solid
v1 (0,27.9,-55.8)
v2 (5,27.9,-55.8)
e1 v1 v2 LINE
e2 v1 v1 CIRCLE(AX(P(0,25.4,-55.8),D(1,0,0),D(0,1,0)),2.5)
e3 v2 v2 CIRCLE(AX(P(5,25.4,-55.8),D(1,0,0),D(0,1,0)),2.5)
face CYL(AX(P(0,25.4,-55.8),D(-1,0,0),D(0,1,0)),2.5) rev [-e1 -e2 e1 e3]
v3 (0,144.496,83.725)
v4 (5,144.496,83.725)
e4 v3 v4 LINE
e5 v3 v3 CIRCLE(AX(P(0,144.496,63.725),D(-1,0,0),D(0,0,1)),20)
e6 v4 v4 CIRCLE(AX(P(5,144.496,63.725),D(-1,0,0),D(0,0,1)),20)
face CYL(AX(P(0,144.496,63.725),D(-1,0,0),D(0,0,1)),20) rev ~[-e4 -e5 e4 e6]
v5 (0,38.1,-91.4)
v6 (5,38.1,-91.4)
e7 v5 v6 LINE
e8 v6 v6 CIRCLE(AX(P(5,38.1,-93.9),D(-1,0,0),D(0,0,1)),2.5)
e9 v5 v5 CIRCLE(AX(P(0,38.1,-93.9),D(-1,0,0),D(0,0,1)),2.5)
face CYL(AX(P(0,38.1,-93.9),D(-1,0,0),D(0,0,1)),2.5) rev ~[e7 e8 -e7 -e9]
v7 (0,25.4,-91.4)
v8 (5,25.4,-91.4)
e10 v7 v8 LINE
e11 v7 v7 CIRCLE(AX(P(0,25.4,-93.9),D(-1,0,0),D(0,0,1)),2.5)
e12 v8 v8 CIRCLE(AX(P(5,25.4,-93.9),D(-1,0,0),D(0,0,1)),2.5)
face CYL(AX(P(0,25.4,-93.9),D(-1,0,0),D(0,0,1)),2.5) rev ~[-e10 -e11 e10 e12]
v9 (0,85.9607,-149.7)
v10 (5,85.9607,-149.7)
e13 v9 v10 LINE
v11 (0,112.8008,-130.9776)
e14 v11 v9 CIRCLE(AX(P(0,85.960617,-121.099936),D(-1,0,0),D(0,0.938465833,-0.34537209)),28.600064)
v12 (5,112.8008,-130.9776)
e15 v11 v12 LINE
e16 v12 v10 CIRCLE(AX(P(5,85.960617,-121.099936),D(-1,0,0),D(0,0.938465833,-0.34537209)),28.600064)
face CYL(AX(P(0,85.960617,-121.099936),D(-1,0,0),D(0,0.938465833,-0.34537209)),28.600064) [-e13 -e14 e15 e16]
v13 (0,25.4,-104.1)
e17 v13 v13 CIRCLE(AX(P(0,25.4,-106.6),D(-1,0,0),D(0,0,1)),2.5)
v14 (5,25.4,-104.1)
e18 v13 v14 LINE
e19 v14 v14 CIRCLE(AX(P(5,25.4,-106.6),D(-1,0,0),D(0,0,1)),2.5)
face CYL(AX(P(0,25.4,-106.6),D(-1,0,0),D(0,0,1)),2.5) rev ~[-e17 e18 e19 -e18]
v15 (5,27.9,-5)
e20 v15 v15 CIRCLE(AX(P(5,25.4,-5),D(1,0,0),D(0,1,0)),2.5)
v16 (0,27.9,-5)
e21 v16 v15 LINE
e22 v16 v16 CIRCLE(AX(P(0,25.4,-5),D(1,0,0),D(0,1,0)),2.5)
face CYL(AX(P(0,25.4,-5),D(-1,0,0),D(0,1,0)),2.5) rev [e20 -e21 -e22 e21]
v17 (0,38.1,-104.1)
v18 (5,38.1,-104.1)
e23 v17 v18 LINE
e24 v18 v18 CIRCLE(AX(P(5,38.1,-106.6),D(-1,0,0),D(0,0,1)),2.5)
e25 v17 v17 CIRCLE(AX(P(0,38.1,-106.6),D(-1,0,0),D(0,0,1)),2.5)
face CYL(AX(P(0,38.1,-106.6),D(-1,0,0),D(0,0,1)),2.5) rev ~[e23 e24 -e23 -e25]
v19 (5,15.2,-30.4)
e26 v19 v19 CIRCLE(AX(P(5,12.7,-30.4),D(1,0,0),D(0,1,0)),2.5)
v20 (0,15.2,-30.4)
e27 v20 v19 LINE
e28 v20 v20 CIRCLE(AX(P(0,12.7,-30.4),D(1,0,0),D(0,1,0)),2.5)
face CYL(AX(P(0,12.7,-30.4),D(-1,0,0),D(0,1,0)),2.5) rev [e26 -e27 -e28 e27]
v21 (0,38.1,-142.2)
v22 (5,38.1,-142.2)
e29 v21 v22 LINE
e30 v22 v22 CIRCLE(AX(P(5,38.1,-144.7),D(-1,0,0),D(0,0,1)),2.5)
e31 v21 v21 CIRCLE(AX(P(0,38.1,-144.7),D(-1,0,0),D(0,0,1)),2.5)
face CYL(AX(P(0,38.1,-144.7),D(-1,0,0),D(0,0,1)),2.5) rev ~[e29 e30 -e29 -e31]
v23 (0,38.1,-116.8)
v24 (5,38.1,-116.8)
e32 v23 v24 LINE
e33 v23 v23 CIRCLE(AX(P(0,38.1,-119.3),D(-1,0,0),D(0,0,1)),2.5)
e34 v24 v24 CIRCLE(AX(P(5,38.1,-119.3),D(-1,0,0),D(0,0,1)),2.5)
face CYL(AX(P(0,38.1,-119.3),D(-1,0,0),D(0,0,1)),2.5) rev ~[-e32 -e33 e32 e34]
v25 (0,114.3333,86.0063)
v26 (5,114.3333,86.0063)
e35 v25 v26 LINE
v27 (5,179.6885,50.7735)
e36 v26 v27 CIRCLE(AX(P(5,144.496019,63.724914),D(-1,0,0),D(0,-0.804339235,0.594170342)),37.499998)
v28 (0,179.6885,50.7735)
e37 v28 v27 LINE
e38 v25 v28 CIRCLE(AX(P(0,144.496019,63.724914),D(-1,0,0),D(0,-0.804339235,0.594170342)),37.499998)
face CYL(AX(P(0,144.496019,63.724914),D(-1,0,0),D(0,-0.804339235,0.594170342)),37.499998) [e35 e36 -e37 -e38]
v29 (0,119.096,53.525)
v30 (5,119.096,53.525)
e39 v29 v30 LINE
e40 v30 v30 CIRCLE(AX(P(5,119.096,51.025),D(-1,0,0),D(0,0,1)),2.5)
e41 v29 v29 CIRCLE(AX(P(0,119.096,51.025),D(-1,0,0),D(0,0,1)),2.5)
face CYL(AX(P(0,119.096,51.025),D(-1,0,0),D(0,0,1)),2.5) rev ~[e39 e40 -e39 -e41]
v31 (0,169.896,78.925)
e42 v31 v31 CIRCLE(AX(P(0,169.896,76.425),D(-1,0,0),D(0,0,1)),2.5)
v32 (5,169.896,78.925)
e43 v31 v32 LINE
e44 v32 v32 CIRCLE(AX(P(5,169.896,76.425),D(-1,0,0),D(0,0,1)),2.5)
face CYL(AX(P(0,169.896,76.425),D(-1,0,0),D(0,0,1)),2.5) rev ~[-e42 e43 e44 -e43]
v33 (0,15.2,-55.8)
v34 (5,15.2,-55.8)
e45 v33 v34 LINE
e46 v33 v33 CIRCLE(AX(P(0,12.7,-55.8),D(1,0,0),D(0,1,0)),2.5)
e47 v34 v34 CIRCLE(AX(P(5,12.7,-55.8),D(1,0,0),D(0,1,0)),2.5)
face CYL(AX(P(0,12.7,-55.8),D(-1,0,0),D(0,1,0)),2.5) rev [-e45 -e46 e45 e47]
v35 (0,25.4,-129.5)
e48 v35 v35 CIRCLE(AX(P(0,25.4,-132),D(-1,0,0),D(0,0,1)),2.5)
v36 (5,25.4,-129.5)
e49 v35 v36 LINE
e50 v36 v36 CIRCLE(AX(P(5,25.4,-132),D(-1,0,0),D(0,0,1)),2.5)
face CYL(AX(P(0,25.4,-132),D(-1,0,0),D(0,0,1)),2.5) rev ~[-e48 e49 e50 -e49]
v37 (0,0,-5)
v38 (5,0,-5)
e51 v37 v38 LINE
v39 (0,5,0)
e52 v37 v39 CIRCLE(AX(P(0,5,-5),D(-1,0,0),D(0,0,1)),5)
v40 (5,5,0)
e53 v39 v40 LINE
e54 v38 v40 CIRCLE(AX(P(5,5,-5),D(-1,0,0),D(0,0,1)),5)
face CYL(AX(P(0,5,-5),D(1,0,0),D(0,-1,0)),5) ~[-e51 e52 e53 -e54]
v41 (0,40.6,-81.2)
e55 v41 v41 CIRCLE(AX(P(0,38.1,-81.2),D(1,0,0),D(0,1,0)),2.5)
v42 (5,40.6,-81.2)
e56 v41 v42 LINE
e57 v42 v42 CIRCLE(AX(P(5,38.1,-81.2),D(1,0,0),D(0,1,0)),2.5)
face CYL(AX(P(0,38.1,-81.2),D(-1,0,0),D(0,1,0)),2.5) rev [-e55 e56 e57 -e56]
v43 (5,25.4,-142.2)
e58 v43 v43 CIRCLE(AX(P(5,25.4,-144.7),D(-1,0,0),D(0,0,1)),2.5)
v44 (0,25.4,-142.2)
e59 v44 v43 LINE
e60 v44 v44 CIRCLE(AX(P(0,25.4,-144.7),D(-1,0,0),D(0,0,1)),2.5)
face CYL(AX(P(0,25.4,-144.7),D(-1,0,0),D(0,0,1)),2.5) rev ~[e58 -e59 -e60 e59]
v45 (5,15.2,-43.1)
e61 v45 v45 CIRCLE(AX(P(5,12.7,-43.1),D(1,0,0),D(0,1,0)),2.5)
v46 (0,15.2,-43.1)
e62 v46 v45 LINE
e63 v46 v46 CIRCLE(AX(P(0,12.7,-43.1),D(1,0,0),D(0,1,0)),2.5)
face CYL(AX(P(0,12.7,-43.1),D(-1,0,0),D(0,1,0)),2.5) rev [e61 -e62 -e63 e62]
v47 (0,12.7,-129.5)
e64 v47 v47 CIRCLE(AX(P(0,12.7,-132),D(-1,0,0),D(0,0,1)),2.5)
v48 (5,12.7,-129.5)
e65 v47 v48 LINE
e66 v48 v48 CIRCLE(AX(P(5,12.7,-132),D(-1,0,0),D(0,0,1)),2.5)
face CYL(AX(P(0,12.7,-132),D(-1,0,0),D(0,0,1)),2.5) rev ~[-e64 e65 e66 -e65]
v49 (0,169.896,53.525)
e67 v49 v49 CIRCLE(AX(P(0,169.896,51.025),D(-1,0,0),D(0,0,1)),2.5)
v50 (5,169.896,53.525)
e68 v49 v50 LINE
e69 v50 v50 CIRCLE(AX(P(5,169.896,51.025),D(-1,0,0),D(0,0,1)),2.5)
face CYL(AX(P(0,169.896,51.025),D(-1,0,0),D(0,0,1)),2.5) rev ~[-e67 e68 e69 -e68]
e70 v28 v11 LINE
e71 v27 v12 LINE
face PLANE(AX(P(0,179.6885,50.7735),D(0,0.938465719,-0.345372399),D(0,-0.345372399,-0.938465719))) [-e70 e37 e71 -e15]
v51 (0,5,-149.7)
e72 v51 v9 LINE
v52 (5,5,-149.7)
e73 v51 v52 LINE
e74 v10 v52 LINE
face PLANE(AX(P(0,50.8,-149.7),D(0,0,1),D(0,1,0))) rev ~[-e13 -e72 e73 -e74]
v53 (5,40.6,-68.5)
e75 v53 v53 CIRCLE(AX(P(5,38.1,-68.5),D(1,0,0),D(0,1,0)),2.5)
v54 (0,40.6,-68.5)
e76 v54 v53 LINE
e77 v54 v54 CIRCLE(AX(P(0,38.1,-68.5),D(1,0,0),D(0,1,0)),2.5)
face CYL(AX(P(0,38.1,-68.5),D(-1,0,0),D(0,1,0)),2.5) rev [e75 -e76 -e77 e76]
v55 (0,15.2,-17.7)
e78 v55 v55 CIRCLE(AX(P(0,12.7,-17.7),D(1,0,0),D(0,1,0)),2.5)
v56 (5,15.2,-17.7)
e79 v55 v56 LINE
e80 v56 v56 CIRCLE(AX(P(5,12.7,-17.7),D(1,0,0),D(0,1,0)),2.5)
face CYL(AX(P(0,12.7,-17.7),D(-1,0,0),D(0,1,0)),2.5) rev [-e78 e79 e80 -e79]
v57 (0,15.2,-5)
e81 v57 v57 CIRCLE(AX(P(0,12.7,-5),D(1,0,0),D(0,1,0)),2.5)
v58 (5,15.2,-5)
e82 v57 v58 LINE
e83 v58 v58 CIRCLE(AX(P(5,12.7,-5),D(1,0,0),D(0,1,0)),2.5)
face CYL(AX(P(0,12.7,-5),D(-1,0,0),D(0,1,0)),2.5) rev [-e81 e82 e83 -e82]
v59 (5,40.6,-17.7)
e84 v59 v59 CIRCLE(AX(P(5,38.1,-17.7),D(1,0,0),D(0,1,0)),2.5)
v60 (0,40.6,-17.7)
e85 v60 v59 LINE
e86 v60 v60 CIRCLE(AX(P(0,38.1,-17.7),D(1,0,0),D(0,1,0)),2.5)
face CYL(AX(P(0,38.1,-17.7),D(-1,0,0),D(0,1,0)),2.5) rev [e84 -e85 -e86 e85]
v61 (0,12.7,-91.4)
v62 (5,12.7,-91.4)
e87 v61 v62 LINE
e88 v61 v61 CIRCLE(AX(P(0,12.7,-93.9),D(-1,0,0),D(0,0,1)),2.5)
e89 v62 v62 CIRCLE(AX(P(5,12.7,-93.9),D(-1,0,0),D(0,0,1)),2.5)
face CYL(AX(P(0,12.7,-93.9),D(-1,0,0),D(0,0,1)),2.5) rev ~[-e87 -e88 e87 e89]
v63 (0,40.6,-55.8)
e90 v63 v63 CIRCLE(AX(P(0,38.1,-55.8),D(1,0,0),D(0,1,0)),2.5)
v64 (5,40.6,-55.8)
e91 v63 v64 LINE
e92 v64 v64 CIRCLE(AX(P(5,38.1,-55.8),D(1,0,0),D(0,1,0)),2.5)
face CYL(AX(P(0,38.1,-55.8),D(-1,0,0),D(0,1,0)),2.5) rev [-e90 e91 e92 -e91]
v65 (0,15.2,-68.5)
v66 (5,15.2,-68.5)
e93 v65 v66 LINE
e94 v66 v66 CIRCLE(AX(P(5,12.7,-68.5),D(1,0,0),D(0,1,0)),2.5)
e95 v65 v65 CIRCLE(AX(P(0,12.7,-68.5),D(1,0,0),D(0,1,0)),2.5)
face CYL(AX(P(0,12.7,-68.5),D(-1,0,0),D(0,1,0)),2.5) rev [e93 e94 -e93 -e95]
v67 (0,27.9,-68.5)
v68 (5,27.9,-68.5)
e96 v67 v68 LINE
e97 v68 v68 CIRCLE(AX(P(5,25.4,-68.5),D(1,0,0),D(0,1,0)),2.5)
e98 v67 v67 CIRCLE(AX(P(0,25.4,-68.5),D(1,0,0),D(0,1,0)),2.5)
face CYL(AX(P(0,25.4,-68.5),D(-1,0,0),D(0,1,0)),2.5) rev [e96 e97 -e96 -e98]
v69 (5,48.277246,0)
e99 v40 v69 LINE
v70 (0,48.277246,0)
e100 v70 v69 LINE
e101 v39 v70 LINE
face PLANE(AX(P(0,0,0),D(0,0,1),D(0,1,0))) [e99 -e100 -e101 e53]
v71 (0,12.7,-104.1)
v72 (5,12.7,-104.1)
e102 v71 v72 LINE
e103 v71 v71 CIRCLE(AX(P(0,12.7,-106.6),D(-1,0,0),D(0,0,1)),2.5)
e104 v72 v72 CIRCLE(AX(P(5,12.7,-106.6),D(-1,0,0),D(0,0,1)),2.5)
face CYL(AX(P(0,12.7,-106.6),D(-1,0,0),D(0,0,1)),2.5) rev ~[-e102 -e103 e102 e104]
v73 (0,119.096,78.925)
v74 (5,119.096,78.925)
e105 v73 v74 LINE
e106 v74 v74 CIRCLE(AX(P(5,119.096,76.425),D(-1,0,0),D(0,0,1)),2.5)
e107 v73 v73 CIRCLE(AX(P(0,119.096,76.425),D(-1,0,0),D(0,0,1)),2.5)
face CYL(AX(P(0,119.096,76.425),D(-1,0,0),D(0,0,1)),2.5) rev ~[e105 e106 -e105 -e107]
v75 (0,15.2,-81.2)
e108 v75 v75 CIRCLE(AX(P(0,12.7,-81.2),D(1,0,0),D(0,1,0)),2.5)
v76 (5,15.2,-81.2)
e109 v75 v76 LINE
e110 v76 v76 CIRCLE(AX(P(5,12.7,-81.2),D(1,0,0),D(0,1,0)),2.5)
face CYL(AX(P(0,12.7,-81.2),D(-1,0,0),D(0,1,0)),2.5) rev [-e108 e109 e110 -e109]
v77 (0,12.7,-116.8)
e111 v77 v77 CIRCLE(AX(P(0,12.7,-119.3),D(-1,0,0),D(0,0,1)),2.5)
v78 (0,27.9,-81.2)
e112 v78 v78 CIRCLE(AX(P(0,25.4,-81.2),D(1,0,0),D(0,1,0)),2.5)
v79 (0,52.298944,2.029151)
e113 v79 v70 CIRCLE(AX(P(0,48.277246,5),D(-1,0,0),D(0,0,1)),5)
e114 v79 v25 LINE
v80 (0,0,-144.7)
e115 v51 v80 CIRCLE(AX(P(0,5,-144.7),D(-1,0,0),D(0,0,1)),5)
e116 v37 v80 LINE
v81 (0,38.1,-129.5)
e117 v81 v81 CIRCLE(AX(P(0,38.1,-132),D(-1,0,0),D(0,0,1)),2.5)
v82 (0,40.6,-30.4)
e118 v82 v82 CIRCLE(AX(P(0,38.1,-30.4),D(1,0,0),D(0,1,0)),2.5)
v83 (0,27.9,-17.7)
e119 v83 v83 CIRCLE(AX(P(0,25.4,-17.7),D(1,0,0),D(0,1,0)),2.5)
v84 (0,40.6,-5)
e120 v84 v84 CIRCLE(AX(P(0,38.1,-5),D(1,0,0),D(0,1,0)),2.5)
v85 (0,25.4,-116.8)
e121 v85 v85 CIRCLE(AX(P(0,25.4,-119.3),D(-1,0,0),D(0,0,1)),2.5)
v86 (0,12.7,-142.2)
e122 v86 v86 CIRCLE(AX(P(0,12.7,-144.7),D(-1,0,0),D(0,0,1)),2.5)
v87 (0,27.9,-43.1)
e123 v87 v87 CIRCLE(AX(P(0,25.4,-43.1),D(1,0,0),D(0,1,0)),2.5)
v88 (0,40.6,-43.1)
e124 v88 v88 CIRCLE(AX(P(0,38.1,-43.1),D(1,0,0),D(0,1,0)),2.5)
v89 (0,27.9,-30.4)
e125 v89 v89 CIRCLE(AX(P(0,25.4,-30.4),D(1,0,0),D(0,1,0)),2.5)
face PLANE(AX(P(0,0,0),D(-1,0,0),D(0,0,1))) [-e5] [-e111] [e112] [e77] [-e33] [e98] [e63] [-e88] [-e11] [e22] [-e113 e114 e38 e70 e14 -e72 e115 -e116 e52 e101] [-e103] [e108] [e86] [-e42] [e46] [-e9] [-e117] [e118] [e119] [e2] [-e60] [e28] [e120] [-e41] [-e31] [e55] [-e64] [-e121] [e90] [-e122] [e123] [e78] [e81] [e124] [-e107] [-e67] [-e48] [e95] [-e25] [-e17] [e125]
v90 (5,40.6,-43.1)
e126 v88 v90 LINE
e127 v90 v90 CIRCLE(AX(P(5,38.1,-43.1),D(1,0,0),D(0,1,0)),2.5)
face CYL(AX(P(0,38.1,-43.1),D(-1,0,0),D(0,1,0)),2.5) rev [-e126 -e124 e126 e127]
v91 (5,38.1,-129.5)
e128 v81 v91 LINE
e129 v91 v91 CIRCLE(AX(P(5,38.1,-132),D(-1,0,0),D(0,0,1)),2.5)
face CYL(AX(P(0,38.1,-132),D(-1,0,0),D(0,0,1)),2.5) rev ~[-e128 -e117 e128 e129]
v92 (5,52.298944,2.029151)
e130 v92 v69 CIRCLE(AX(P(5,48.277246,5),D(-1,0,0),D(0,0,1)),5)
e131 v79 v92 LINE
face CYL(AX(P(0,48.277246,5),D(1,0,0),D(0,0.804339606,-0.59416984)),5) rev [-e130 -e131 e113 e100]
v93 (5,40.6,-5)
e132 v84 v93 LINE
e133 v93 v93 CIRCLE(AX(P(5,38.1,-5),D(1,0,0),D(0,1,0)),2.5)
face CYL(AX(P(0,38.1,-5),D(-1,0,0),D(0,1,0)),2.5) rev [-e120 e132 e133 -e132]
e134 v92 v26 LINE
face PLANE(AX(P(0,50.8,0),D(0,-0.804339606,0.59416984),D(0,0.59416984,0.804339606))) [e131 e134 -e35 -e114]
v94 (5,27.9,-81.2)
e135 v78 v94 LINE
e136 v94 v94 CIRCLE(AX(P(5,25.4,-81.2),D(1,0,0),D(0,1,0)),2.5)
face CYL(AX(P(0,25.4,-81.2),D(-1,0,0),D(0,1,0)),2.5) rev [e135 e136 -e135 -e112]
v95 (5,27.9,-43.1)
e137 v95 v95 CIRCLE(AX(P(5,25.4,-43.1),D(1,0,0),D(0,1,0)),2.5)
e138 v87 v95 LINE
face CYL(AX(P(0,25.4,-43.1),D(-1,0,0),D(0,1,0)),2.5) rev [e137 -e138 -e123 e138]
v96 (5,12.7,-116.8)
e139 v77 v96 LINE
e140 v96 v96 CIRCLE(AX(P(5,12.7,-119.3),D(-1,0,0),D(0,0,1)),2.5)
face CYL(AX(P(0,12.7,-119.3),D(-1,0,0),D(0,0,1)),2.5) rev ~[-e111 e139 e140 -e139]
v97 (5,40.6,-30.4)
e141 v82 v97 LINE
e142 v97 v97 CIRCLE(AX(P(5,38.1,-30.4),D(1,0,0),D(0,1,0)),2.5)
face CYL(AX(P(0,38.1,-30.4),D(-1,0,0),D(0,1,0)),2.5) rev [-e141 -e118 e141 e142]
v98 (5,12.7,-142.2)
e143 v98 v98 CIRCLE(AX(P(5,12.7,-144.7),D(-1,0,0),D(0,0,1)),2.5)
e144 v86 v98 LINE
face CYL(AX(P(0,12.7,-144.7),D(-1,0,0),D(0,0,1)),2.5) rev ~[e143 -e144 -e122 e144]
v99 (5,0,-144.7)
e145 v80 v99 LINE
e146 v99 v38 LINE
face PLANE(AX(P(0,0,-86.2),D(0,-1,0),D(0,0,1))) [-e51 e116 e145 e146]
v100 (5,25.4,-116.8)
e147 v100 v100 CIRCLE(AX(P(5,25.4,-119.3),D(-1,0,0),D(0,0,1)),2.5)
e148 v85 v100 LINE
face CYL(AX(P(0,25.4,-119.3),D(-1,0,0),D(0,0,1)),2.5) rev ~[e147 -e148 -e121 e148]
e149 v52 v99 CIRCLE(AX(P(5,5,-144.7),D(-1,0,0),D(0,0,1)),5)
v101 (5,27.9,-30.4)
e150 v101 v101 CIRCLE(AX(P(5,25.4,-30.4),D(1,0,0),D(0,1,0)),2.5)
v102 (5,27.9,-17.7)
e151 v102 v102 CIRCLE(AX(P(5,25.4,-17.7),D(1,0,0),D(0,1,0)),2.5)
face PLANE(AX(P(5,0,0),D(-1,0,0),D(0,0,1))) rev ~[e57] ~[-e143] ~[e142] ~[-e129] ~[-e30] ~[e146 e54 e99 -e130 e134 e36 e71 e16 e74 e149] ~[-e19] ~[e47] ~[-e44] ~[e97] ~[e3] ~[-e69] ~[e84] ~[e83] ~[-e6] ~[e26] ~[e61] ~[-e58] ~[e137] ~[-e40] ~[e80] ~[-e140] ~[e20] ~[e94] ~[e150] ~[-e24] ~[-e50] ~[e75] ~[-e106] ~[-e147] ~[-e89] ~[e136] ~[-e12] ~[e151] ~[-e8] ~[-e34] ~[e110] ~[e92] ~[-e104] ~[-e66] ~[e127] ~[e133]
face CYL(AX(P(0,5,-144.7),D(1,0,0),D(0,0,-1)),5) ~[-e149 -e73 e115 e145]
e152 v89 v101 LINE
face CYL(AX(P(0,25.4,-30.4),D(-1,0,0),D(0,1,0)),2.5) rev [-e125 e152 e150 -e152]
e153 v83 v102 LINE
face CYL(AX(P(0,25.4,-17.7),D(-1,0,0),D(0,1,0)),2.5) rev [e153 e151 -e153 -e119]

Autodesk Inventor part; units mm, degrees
ref_plane "YZ Plane" through (0, 0, 0) normal (1, 0, 0) x (0, 1, 0)
ref_plane "XZ Plane" through (0, 0, 0) normal (0, 1, 0) x (-1, 0, 0)
ref_plane "XY Plane" through (0, 0, 0) normal (0, 0, 1) x (1, 0, 0)
sketch "Esboço1" plane through (0, 0, 0) normal (1, 0, 0) x (0, 1, 0)
  line L0 (0, 0) -> (50.8, 0)
  line L1 (50.8, 0) -> (50.8, -86.2)
  line L2 (50.8, -86.2) -> (0, -86.2)
  line L3 (0, -86.2) -> (0, 0)
  circle A0 centre (38.1, -5) radius 2.5
  circle A1 centre (25.4, -5) radius 2.5
  circle A2 centre (12.7, -5) radius 2.5
  circle A3 centre (38.1, -17.7) radius 2.5
  circle A4 centre (25.4, -17.7) radius 2.5
  circle A5 centre (12.7, -17.7) radius 2.5
  circle A6 centre (38.1, -30.4) radius 2.5
  circle A7 centre (25.4, -30.4) radius 2.5
  circle A8 centre (12.7, -30.4) radius 2.5
  circle A9 centre (38.1, -43.1) radius 2.5
  circle A10 centre (25.4, -43.1) radius 2.5
  circle A11 centre (12.7, -43.1) radius 2.5
  circle A12 centre (38.1, -55.8) radius 2.5
  circle A13 centre (25.4, -55.8) radius 2.5
  circle A14 centre (12.7, -55.8) radius 2.5
  circle A15 centre (38.1, -68.5) radius 2.5
  circle A16 centre (25.4, -68.5) radius 2.5
  circle A17 centre (12.7, -68.5) radius 2.5
  circle A18 centre (38.1, -81.2) radius 2.5
  circle A19 centre (25.4, -81.2) radius 2.5
  circle A20 centre (12.7, -81.2) radius 2.5
  dimension "d0" = 50.8
  dimension "d1" = 86.2
  dimension "d2" = 5
  dimension "d3" = 5
  dimension "d4" = 5
  dimension "d5" = 5
  dimension "d6" = 5
  dimension "d7" = 5
  dimension "d8" = 12.7
  dimension "d9" = 12.7
  dimension "d10" = 12.7
  dimension "d13" = 12.7
extrude "Extrusão1" add sketch "Esboço1" along normal blind 5
sketch "Esboço2" plane through (0, 0, 0) normal (-1, 0, 0) x (0, 0, 1)
  line L0 (-86.2, 0) -> (-149.7, 0)
  line L1 (-149.7, 0) -> (-149.7, 50.8)
  line L2 (-149.7, 50.8) -> (-86.2, 50.8)
  line L3 (-86.2, 50.8) -> (-86.2, 0)
  circle A0 centre (-144.7, 38.1) radius 2.5 projected
  circle A1 centre (-144.7, 25.4) radius 2.5 projected
  circle A2 centre (-144.7, 12.7) radius 2.5 projected
  circle A3 centre (-132, 12.7) radius 2.5 projected
  circle A4 centre (-132, 25.4) radius 2.5 projected
  circle A5 centre (-132, 38.1) radius 2.5 projected
  circle A6 centre (-119.3, 38.1) radius 2.5 projected
  circle A7 centre (-119.3, 25.4) radius 2.5 projected
  circle A8 centre (-119.3, 12.7) radius 2.5 projected
  circle A9 centre (-106.6, 12.7) radius 2.5 projected
  circle A10 centre (-93.9, 12.7) radius 2.5 projected
  circle A11 centre (-93.9, 25.4) radius 2.5 projected
  circle A12 centre (-106.6, 25.4) radius 2.5 projected
  circle A13 centre (-106.6, 38.1) radius 2.5 projected
  circle A14 centre (-93.9, 38.1) radius 2.5 projected
  point P0 (0, 0)
  dimension "d20" = 50.8
  dimension "d21" = 5
extrude "Extrusão2" add sketch "Esboço2" against normal blind 5
sketch "Esboço3" plane through (0, 0, 0) normal (-1, 0, 0) x (0, 0, 1)
  circle A0 centre (-121.1, 85.9607) radius 4.5847 projected
  circle A1 centre (63.725, 144.496) radius 17.5 projected
  circle A2 centre (51.025, 169.896) radius 2.5 projected
  circle A3 centre (76.425, 169.896) radius 2.5 projected
  circle A4 centre (76.425, 119.096) radius 2.5 projected
  circle A5 centre (51.025, 119.096) radius 2.5 projected
  circle A6 centre (-121.1, 85.9607) radius 14.25
  circle A7 centre (63.725, 144.496) radius 20
  line L0 (-149.7, 50.8) -> (0, 50.8) projected
  line L1 (-149.7, 50.8) -> (-149.7, 85.9607)
  arc A8 (86.0063, 114.3333) -> (50.7735, 179.6885) centre (63.725, 144.496) ccw
  arc A9 (-130.9776, 112.8008) -> (-149.7, 85.9607) centre (-121.1, 85.9607) ccw
  line L2 (50.7735, 179.6885) -> (-130.9776, 112.8008)
  line L3 (0, 50.8) -> (0, 0) projected
  line L4 (0, 50.8) -> (86.0063, 114.3333)
  dimension "d26" = 28.5
  dimension "d27" = 40
  dimension "d28" = 75
extrude "Extrusão3" add sketch "Esboço3" against normal blind 5 contours L1 A9 L2 A8 L4 L0
fillet "Arredondamento1" radius 5 3 edges at (2.5, 50.8, 0) (2.5, 0, 0) (2.5, 0, -149.7)
sketch "Esboço4" plane through (0, 0, 0) normal (-1, 0, 0) x (0, 0, 1)
  circle A0 centre (-121.1, 85.9607) radius 14.25 projected
  point P0 (0, 0)
extrude "Extrusão4" add sketch "Esboço4" against normal blind 5
equation "\"d6\" = d5"
equation "\"d7\" = d6"
equation "\"d9\" = d8"
equation "\"d10\" = d9"
properties part number "CHAPA FIXAÇÃO DIREITA 1 V2"
